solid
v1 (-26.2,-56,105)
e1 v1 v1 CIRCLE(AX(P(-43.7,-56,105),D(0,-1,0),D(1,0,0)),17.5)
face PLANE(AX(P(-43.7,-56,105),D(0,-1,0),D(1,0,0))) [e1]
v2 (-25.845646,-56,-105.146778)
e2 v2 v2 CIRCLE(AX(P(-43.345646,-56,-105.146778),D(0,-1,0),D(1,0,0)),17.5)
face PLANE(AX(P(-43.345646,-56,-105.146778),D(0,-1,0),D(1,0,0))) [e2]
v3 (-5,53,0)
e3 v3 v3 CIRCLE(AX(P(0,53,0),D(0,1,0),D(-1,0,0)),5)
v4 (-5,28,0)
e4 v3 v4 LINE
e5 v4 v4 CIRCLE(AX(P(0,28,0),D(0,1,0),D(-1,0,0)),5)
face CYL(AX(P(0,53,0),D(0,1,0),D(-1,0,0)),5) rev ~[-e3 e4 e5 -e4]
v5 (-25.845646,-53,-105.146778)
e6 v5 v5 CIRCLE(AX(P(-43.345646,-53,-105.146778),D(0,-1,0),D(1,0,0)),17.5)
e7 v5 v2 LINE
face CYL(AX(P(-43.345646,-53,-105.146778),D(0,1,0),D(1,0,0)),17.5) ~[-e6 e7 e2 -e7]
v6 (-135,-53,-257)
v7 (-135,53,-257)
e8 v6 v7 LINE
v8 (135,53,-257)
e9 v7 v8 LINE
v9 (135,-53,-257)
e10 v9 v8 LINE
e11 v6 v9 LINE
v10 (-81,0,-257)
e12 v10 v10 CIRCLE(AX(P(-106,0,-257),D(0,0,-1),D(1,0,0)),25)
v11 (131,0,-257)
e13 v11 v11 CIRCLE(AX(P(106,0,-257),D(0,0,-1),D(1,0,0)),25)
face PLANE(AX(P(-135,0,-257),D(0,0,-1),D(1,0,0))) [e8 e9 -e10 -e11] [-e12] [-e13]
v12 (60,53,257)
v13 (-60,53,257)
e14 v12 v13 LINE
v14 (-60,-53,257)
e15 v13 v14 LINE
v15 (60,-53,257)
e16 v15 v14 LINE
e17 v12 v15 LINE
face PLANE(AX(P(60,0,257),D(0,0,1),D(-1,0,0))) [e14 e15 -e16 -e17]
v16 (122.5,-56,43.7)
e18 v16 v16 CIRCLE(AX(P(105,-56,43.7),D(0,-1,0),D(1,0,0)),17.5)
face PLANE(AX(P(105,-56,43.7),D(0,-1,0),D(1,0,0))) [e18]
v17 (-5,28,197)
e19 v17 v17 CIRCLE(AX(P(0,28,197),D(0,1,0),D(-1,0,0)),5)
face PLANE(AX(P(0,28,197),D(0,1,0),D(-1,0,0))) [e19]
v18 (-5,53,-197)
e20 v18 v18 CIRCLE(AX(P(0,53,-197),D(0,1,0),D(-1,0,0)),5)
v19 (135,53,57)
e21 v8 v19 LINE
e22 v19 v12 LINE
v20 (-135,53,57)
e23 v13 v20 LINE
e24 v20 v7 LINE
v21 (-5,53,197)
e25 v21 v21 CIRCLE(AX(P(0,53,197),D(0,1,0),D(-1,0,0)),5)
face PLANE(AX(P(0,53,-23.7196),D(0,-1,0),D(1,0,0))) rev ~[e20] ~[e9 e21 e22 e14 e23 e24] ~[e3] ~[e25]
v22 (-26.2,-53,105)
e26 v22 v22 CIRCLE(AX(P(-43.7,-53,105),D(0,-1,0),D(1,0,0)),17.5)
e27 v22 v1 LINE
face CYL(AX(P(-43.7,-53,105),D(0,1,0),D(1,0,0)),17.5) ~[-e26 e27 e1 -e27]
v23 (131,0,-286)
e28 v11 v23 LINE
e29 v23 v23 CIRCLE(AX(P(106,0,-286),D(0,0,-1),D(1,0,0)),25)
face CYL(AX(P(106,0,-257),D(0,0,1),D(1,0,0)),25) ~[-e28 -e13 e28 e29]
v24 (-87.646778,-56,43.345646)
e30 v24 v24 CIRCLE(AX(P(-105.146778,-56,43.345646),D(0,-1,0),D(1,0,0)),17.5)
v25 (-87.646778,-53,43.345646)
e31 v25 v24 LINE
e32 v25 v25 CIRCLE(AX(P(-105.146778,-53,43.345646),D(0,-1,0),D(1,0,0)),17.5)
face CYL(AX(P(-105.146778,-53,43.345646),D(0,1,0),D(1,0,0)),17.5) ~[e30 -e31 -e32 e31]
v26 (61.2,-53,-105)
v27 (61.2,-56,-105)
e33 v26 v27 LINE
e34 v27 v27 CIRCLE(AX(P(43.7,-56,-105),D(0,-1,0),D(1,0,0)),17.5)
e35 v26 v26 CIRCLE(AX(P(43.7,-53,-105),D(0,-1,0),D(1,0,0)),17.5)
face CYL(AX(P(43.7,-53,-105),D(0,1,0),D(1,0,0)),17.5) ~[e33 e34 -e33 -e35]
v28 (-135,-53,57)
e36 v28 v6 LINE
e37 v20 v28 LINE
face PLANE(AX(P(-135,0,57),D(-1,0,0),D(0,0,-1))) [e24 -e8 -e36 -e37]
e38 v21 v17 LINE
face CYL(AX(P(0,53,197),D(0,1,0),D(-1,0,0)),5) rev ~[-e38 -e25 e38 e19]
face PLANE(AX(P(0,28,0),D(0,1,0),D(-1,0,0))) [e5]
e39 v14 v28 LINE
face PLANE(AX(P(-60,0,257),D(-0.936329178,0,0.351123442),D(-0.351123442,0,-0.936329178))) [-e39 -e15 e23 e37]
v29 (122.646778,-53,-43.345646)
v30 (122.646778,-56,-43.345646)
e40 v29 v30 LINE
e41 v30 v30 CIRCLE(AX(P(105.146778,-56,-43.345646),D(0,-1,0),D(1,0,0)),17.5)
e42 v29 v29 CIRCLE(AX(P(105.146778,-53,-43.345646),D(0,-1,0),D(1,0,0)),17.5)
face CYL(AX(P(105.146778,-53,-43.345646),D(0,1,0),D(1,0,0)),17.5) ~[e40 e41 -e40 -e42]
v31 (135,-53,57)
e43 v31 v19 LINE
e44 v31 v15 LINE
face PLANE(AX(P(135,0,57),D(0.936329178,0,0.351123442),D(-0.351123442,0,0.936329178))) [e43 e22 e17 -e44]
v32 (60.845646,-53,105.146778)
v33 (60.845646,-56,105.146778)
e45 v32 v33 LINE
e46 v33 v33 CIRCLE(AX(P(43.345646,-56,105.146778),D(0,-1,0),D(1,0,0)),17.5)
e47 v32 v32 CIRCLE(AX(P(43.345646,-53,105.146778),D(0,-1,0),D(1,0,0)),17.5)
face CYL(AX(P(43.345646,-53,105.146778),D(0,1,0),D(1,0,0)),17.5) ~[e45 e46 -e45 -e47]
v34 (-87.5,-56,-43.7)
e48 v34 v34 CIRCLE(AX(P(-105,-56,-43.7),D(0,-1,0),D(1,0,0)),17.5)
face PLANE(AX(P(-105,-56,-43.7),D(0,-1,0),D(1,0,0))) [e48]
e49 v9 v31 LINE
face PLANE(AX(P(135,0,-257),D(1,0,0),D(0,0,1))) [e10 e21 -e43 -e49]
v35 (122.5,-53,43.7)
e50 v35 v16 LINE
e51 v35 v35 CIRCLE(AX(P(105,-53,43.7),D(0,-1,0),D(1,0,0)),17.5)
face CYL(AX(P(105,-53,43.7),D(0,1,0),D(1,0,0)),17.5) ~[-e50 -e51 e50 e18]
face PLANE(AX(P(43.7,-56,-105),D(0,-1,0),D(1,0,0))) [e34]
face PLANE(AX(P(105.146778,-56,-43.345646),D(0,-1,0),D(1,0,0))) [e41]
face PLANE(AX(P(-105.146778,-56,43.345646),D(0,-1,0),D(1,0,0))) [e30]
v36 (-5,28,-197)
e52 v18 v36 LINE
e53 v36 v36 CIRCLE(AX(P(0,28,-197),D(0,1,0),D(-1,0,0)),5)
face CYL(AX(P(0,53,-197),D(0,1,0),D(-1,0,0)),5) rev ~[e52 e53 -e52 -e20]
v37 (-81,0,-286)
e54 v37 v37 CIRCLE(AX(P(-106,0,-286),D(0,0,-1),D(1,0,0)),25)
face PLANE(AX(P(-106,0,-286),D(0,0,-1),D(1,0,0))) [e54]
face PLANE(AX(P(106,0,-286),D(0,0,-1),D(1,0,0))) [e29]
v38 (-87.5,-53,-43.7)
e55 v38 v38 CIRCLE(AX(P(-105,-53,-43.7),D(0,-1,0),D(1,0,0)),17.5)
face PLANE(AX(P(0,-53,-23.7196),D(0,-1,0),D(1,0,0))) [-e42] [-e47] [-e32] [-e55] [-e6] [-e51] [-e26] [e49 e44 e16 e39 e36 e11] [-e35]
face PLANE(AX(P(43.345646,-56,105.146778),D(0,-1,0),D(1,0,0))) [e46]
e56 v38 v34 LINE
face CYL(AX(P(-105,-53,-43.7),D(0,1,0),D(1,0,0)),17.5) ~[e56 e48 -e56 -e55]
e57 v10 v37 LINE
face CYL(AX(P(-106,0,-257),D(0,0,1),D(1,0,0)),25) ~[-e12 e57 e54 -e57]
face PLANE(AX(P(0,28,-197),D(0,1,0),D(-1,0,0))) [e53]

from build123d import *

# Parameters (mm, degrees)
F1_DEPTH = 53
F2_R     = 17.5
F3_DEPTH = 3
F4_R     = 5
F5_DEPTH = 25
F6_R     = 25
F7_DEPTH = 29


with BuildPart() as f1:
    # F0 (on Front) → F1 (new body, symmetric)
    with BuildSketch(Plane.XZ):
        Polygon((135, 57), (60, 257), (-60, 257), (-135, 57), (-135, -257), (135, -257), align=None)
    extrude(amount=F1_DEPTH, both=True)

    # F2 (on face) → F3 (join)
    with BuildSketch(Plane.XZ.offset(53)):
        with Locations((105, 43.7)):
            Circle(F2_R)
        with Locations((43.345646, 105.146778)):
            Circle(F2_R)
        with Locations((-43.7, 105)):
            Circle(F2_R)
        with Locations((-105.146778, 43.345646)):
            Circle(F2_R)
        with Locations((-105, -43.7)):
            Circle(F2_R)
        with Locations((-43.345646, -105.146778)):
            Circle(F2_R)
        with Locations((43.7, -105)):
            Circle(F2_R)
        with Locations((105.146778, -43.345646)):
            Circle(F2_R)
    extrude(amount=F3_DEPTH)

    # F4 (on face) → F5 (cut)
    with BuildSketch(Plane(origin=(0, 53, 0), x_dir=(-1, 0, 0), z_dir=(0, 1, 0))):
        Circle(F4_R)
        with Locations((0, 197)):
            Circle(F4_R)
        with Locations((0, -197)):
            Circle(F4_R)
    extrude(amount=-F5_DEPTH, mode=Mode.SUBTRACT)

    # F6 (on face) → F7 (join)
    with BuildSketch(Plane(origin=(0, 0, -257), x_dir=(1, 0, 0), z_dir=(0, 0, -1))):
        with Locations((106, 0)):
            Circle(F6_R)
        with Locations((-106, 0)):
            Circle(F6_R)
    extrude(amount=F7_DEPTH)


solid = f1.part
